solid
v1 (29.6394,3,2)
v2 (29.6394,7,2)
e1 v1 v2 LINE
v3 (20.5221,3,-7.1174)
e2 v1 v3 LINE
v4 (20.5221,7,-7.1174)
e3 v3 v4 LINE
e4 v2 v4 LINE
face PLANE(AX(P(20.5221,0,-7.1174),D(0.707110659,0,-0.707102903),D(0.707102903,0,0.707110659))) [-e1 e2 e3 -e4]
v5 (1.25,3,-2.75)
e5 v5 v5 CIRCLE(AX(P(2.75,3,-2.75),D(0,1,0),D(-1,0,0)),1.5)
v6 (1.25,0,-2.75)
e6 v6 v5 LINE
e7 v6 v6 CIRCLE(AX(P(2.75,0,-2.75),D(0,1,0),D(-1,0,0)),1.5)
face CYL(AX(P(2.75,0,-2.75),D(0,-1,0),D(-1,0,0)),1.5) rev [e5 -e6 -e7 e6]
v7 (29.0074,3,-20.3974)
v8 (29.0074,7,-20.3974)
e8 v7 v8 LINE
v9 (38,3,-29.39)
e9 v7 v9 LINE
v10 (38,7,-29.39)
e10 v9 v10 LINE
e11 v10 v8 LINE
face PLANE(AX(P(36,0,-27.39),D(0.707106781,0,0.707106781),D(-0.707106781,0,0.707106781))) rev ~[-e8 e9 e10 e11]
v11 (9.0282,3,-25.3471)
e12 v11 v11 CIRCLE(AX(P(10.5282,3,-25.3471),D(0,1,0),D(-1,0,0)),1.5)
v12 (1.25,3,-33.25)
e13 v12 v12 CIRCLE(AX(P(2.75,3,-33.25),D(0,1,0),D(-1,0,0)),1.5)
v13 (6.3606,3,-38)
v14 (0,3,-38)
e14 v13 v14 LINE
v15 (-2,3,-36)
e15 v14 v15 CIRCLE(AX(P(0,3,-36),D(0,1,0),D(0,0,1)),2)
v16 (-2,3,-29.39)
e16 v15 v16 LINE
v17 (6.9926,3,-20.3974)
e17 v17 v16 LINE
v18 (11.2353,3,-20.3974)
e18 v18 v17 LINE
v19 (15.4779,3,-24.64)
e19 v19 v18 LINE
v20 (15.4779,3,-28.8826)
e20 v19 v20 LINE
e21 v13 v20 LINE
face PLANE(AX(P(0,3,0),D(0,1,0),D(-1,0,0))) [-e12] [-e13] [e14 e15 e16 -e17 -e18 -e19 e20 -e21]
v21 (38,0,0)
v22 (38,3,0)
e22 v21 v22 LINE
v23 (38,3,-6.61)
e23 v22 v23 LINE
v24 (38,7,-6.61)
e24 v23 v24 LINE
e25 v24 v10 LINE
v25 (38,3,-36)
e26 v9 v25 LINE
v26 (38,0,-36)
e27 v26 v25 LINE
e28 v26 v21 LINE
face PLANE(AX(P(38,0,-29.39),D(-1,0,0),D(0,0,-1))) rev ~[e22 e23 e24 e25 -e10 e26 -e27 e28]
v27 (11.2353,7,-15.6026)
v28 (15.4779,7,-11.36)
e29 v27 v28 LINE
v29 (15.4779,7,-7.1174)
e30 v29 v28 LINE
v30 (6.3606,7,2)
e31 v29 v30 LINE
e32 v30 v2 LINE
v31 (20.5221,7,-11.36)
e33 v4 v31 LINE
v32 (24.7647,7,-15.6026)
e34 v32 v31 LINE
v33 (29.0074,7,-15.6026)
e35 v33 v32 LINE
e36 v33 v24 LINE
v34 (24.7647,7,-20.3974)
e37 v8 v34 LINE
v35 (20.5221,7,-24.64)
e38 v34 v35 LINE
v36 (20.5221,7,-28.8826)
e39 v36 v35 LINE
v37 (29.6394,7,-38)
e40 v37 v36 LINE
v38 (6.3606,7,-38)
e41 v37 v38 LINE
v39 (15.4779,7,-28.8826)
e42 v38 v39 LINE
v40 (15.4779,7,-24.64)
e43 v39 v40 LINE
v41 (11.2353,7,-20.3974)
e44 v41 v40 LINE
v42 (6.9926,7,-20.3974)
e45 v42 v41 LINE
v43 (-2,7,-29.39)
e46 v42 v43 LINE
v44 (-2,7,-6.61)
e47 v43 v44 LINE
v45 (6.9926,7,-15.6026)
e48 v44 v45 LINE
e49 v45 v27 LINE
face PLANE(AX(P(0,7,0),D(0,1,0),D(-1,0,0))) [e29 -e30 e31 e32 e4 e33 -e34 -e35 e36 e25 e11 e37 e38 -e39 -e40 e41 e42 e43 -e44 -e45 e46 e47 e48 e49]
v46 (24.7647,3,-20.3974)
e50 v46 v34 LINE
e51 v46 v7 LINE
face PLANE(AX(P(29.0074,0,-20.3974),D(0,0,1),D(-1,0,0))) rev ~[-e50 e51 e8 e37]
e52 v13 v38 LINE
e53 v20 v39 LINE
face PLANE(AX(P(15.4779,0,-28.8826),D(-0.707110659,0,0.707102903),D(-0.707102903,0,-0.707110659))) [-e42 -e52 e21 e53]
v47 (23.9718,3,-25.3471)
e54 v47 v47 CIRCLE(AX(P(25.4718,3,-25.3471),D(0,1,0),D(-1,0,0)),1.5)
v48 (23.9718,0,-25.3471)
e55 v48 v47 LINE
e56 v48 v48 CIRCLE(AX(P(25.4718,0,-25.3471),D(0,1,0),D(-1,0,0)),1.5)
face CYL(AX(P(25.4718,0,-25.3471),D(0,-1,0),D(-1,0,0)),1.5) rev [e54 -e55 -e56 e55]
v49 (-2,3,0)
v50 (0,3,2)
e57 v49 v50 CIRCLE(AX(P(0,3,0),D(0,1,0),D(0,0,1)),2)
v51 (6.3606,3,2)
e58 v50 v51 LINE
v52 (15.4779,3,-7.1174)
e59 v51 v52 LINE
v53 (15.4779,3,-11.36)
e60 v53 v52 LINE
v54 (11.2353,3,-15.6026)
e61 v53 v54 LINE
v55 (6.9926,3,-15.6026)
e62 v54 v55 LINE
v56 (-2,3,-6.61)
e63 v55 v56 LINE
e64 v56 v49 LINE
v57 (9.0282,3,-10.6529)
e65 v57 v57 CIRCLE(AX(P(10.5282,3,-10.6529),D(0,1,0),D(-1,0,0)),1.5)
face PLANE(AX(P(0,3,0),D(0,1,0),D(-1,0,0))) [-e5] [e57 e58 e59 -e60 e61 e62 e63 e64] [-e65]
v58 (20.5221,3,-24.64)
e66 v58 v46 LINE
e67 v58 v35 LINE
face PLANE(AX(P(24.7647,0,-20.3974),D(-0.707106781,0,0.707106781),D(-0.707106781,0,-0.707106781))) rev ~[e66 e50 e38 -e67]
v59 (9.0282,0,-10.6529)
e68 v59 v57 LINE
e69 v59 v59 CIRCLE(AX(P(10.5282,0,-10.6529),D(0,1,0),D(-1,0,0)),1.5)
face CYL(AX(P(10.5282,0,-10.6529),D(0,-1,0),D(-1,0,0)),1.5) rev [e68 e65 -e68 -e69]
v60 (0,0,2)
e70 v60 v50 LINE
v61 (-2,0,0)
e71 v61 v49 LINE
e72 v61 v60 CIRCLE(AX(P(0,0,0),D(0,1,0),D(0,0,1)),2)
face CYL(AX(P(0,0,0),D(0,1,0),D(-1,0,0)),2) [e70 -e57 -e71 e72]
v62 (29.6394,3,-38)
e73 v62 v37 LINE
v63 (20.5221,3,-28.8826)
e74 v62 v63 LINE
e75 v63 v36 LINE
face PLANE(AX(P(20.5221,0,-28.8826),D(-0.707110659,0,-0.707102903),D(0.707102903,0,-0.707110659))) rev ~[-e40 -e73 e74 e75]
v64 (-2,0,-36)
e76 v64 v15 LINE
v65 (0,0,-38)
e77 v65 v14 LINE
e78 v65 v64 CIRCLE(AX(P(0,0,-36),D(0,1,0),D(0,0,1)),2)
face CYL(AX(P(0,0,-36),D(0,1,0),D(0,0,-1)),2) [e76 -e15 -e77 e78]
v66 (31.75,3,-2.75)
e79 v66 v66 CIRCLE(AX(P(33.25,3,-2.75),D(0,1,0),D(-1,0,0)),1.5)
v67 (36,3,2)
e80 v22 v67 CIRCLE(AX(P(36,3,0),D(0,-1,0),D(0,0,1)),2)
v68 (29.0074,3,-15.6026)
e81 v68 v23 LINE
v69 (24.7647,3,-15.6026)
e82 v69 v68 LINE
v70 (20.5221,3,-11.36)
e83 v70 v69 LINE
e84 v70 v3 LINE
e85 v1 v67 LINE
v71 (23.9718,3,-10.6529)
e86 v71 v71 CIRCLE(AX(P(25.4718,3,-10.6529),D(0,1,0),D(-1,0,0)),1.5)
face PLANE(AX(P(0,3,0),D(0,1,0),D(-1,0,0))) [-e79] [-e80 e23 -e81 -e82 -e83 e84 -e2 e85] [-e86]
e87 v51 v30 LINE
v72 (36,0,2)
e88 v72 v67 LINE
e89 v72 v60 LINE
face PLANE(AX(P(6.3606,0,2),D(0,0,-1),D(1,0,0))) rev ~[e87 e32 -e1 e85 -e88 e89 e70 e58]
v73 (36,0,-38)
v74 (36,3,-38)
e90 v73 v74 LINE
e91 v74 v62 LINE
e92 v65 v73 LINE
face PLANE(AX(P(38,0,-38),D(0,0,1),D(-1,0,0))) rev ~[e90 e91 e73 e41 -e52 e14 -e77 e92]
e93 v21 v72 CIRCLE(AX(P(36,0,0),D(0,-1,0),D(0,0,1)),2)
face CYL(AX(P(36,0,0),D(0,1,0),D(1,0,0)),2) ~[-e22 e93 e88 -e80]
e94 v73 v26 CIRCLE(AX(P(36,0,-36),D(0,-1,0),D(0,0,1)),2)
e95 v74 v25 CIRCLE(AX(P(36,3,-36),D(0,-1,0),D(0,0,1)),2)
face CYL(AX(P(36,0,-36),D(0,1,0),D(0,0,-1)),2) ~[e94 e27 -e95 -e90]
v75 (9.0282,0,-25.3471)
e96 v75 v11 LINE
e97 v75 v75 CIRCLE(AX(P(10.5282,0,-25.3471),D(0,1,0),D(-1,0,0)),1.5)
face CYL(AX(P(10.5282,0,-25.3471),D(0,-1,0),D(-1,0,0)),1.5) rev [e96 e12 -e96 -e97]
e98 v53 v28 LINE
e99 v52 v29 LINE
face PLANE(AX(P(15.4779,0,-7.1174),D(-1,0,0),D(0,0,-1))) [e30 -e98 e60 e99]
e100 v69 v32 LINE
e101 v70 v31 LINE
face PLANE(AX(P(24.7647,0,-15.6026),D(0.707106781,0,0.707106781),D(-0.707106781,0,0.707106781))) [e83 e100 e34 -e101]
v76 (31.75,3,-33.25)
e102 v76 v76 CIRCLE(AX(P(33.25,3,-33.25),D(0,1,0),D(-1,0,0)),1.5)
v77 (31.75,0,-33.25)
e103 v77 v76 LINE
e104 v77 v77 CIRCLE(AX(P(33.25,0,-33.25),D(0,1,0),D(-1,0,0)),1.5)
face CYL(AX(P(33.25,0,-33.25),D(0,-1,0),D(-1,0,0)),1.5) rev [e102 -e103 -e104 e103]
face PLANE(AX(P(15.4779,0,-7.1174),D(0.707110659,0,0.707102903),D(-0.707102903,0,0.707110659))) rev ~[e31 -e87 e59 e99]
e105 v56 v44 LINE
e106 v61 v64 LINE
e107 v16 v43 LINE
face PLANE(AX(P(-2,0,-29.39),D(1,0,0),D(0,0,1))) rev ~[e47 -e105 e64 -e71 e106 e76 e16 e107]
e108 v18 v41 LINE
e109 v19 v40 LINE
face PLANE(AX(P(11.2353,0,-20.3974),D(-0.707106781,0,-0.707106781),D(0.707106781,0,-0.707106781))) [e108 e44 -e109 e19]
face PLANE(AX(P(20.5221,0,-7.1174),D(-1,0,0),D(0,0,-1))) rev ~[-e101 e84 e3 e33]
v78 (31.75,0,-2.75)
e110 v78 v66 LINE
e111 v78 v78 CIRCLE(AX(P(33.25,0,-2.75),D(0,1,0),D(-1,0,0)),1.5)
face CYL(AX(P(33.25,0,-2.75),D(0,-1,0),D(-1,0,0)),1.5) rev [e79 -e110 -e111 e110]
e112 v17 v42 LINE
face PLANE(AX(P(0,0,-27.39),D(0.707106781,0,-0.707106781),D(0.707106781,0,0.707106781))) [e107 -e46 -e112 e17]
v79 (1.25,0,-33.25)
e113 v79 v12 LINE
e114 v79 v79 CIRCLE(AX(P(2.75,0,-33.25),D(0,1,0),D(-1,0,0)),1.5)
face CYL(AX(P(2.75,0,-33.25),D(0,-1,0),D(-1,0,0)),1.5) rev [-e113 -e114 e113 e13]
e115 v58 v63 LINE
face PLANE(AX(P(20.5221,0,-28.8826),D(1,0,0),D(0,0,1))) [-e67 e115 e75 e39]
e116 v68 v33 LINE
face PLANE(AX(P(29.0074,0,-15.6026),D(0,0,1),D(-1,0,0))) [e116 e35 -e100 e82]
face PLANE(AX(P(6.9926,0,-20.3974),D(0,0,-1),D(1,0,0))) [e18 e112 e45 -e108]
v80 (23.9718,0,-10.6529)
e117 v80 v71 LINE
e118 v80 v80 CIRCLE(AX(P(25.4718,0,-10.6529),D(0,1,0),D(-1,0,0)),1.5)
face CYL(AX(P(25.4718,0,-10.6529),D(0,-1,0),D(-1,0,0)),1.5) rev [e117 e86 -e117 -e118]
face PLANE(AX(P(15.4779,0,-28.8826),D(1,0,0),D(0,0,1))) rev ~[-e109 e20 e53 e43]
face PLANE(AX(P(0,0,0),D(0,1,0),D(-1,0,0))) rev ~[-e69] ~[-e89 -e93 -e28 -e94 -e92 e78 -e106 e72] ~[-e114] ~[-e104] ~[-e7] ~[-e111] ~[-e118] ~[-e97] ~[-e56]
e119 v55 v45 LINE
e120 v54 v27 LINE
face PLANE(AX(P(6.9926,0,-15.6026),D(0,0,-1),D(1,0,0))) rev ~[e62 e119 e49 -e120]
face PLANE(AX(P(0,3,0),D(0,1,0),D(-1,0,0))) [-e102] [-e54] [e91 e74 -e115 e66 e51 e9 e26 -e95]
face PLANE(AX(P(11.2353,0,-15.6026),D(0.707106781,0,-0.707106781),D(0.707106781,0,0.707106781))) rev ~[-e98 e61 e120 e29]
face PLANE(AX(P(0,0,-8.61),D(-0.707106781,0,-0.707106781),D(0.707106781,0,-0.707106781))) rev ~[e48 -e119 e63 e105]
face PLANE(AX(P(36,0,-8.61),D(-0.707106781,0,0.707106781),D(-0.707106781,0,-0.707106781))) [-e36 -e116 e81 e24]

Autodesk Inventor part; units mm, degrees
ref_plane "YZ Plane" through (0, 0, 0) normal (1, 0, 0) x (0, 1, 0)
ref_plane "XZ Plane" through (0, 0, 0) normal (0, 1, 0) x (-1, 0, 0)
ref_plane "XY Plane" through (0, 0, 0) normal (0, 0, 1) x (1, 0, 0)
sketch "Sketch1" plane through (0, 0, 0) normal (0, 1, 0) x (-1, 0, 0)
  line L0 (-36, -36) -> (0, -36)
  line L1 (0, -36) -> (0, 0)
  line L2 (-11.2353, -15.6026) -> (-15.4779, -11.36)
  line L3 (-15.4779, -7.1174) -> (-6.3606, 2)
  line L4 (2, -6.61) -> (-6.9926, -15.6026)
  circle A0 centre (-25.4718, -10.6529) radius 1.5
  line L5 (-15.4779, -7.1174) -> (-15.4779, -11.36)
  line L6 (-6.9926, -15.6026) -> (-11.2353, -15.6026)
  line L7 (-20.5221, -7.1174) -> (-29.6394, 2)
  line L8 (-38, -6.61) -> (-29.0074, -15.6026)
  line L9 (-24.7647, -15.6026) -> (-20.5221, -11.36)
  line L10 (-20.5221, -7.1174) -> (-20.5221, -11.36)
  line L11 (-29.0074, -15.6026) -> (-24.7647, -15.6026)
  line L12 (-15.4779, -28.8826) -> (-6.3606, -38)
  line L13 (2, -29.39) -> (-6.9926, -20.3974)
  line L14 (-11.2353, -20.3974) -> (-15.4779, -24.64)
  line L15 (-15.4779, -28.8826) -> (-15.4779, -24.64)
  line L16 (-6.9926, -20.3974) -> (-11.2353, -20.3974)
  line L17 (-20.5221, -28.8826) -> (-20.5221, -24.64)
  line L18 (-24.7647, -20.3974) -> (-20.5221, -24.64)
  line L19 (-20.5221, -28.8826) -> (-29.6394, -38)
  line L20 (-29.0074, -20.3974) -> (-24.7647, -20.3974)
  line L21 (-38, -29.39) -> (-29.0074, -20.3974)
  line L22 (0, 0) -> (-36, 0)
  line L23 (-36, 0) -> (-36, -36)
  circle A1 centre (-10.5282, -25.3471) radius 1.5
  circle A2 centre (-25.4718, -25.3471) radius 1.5
  circle A3 centre (-10.5282, -10.6529) radius 1.5
  line L24 (2, -38) -> (2, 2)
  line L25 (2, 2) -> (-38, 2)
  line L26 (-38, 2) -> (-38, -38)
  line L27 (-38, -38) -> (2, -38)
  circle A4 centre (-2.75, -2.75) radius 1.5
  circle A5 centre (-33.25, -2.75) radius 1.5
  circle A6 centre (-33.25, -33.25) radius 1.5
  circle A7 centre (-2.75, -33.25) radius 1.5
  point P0 (-9.114, -18.276)
  point P1 (-17.5992, -26.7613)
  point P2 (-26.886, -18.276)
  point P3 (-18.4008, -26.7613)
  point P4 (-9.114, -17.724)
  point P5 (-17.5992, -9.2387)
  point P6 (-18.4008, -9.2387)
  point P7 (-26.886, -17.724)
  dimension "d0" = 36
  dimension "d55" = 36
  dimension "d56" = 40
  dimension "d57" = 40
  dimension "d58" = 3
  dimension "d59" = 3
  dimension "d60" = 3
  dimension "d61" = 3
extrude "Extrusion5" add sketch "Sketch1" along normal blind 3
extrude "Extrusion6" add sketch "Sketch1" along normal blind 7 contours L19 L17 L18 L20 L21 L23 L8 L11 L9 L10 L7 L22 L3 L5 L2 L6 L4 L1 L13 L16 L14 L15 L12 L0 | L0 L12 L27 L19 | L21 L26 L8 L23 | L1 L4 L24 L13 | L7 L25 L3 L22
fillet "Fillet2" radius 2 4 edges at (38, 1.5, 2) (-2, 1.5, 2) (-2, 1.5, -38) (38, 1.5, -38)
sketch "Sketch2" plane through (0, 7, 0) normal (0, 1, 0) x (1, 0, 0)
  circle A0 centre (1, 18) radius 1.5
  circle A1 centre (18, 35) radius 1.5
  circle A2 centre (35, 18) radius 1.5
  point P0 (0, 0)
  dimension "d56" = 40
  dimension "d68" = 3
  dimension "d71" = 3
  dimension "d72" = 3
properties part number "Bot"
